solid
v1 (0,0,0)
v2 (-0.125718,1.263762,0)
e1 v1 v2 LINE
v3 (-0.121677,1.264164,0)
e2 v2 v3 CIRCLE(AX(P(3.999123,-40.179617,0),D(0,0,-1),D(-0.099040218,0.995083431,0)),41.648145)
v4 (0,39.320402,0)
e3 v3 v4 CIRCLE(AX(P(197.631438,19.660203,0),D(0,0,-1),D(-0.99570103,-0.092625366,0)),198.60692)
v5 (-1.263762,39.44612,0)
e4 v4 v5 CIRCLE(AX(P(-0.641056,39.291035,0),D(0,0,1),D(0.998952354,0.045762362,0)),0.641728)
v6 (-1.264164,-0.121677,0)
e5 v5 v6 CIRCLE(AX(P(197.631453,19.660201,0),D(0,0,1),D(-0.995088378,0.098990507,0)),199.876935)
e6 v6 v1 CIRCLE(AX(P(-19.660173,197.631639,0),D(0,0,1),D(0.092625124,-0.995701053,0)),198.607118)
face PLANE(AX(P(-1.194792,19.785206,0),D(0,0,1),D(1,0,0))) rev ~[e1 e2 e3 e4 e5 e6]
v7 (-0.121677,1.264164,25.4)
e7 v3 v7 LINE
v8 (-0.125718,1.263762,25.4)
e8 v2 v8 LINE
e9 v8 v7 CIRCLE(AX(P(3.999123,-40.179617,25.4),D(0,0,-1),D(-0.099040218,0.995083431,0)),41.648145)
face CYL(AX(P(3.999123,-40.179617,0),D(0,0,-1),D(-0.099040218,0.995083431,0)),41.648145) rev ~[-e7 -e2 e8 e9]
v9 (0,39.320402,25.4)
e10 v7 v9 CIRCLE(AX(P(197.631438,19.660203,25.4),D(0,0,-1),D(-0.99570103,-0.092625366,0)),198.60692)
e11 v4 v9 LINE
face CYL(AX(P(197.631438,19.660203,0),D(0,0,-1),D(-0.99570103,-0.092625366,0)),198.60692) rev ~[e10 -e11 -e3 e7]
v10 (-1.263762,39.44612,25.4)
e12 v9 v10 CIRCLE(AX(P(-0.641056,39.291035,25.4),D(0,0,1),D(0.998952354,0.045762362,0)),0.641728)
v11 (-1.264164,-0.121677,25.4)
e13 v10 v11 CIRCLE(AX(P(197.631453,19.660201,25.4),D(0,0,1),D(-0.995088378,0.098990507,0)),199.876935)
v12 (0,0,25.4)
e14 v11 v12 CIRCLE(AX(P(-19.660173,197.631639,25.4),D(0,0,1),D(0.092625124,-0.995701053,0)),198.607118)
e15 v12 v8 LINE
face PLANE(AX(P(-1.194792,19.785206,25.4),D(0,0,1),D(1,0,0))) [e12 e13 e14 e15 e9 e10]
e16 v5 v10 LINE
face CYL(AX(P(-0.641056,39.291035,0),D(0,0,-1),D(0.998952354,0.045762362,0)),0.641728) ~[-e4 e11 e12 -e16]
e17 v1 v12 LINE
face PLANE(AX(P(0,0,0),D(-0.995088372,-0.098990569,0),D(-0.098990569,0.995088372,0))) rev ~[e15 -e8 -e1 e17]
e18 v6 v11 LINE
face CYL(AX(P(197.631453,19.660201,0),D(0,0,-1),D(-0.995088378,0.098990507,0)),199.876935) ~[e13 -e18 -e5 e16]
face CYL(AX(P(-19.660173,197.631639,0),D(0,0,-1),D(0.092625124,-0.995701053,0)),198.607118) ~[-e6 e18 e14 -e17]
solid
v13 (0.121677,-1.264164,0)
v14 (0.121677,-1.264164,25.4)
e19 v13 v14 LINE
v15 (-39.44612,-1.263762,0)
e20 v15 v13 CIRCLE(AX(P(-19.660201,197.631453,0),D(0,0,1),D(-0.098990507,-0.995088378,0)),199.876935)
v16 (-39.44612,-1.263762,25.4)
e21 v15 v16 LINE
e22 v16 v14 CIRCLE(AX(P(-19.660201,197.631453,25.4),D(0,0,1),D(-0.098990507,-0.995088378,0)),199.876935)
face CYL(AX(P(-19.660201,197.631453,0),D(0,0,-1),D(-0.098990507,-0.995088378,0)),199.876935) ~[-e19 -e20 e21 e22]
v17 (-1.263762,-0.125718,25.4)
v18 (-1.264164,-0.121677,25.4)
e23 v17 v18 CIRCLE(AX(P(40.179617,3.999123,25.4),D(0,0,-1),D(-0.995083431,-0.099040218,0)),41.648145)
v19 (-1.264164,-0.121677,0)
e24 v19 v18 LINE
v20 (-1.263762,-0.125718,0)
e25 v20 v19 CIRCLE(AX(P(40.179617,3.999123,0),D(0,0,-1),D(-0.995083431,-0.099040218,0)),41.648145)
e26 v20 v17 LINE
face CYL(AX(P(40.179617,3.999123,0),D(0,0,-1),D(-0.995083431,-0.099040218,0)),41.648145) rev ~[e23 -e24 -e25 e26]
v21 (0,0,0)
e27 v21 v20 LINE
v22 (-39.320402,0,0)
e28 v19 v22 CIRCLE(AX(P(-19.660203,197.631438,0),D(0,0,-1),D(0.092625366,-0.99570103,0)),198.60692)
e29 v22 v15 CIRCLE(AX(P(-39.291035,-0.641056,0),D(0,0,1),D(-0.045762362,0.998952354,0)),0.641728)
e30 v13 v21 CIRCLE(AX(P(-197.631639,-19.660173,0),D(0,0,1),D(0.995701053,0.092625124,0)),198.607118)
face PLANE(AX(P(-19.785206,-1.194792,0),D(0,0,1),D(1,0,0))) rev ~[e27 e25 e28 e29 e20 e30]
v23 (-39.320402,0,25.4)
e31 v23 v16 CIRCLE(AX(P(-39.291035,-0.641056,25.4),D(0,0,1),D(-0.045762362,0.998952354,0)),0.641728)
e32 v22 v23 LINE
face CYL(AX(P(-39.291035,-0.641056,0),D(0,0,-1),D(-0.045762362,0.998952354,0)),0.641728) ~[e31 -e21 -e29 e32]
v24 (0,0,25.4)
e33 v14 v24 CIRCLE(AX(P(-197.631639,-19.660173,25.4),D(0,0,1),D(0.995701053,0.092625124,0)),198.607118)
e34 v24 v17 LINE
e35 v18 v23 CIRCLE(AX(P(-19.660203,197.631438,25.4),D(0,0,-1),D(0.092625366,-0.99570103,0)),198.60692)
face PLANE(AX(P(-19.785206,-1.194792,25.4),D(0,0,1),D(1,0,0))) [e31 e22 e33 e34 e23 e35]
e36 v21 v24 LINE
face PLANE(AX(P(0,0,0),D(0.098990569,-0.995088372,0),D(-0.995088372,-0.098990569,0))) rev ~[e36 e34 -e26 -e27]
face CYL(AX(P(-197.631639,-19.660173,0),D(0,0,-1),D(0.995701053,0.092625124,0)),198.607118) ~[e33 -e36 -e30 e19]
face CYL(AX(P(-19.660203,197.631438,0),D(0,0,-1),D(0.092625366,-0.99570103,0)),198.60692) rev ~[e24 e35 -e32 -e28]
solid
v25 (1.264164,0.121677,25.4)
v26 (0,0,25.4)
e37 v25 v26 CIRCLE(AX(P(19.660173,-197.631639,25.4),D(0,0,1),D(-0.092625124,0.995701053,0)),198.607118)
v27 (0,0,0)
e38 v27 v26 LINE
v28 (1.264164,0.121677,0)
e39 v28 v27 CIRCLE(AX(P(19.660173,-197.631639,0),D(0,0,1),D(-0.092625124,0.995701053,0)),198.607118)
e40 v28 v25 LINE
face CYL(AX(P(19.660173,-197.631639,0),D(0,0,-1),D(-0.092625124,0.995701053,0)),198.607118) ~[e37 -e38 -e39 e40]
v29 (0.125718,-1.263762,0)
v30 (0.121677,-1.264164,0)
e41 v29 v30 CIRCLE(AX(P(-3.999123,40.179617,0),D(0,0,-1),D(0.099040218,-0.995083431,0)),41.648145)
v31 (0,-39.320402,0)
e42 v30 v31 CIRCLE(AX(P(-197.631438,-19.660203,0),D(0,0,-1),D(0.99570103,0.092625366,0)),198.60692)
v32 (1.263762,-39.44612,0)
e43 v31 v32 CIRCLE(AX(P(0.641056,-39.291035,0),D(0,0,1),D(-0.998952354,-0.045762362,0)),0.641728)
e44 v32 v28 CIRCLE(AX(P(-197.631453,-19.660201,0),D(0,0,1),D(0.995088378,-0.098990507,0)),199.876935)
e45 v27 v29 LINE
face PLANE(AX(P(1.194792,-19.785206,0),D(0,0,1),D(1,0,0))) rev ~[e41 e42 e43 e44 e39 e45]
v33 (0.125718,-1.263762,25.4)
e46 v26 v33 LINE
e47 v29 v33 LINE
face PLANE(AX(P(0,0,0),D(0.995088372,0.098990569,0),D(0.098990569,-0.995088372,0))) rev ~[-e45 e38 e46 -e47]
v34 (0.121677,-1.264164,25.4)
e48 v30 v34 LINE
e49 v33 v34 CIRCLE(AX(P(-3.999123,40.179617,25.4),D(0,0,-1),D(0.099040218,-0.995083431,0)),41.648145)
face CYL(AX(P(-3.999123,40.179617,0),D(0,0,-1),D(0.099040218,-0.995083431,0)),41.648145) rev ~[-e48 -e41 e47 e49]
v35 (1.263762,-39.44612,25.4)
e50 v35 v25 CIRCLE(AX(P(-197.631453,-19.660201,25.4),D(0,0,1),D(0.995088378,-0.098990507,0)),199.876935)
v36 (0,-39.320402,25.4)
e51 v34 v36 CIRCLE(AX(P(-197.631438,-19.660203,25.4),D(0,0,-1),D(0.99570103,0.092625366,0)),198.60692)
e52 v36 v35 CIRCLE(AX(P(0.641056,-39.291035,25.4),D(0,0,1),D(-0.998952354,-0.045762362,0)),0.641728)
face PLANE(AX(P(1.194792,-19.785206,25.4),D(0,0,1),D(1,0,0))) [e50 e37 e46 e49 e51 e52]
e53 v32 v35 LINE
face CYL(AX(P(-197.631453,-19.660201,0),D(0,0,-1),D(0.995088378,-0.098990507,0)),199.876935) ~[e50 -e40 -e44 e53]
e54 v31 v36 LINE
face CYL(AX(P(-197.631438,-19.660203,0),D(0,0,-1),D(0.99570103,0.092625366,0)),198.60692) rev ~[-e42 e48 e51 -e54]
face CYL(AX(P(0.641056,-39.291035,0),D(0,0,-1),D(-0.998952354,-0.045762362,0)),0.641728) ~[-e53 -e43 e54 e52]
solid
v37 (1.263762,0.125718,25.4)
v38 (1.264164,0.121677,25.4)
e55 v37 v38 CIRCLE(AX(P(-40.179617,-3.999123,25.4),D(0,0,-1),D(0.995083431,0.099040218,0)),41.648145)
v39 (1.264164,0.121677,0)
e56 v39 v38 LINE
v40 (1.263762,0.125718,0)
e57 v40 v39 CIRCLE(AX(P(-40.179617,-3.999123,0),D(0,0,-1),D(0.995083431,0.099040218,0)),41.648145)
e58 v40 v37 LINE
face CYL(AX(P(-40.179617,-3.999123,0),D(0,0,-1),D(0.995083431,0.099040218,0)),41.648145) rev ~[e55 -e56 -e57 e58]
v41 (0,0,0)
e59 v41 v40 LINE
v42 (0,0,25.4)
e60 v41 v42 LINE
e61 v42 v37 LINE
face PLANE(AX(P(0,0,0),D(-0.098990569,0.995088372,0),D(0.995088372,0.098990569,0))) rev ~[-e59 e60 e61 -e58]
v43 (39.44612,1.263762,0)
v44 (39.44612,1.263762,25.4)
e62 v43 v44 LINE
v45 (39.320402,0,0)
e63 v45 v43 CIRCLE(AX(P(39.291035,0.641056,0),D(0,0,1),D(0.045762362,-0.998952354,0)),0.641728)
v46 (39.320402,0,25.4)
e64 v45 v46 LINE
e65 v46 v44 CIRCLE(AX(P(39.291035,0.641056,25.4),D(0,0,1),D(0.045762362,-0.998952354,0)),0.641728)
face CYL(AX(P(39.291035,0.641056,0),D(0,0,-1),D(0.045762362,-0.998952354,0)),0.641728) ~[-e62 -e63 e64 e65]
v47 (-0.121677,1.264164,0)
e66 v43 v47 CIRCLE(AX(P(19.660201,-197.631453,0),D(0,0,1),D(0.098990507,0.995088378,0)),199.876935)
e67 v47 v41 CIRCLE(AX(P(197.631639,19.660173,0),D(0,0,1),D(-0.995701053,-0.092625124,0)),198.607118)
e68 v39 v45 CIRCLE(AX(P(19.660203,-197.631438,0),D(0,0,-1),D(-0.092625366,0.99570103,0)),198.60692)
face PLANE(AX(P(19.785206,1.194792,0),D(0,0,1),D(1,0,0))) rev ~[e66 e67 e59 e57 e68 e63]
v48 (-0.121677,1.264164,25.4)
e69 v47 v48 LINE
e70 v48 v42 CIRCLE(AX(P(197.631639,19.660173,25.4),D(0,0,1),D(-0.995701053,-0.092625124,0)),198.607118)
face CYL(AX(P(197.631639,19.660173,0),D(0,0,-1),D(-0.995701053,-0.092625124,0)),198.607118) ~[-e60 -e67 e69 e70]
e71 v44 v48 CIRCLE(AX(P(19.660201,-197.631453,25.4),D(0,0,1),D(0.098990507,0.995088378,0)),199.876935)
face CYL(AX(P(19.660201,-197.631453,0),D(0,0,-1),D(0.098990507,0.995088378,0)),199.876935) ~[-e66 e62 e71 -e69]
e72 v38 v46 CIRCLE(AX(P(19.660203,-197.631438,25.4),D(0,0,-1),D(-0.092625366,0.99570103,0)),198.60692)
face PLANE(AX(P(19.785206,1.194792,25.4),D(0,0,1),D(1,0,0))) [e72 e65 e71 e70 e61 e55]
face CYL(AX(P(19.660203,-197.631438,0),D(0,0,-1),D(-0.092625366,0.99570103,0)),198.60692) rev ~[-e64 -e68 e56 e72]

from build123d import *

# Parameters (mm, degrees)
F1_DEPTH = 25.4


with BuildPart() as f1:
    # F0 (on Top) → F1 (new body)
    with BuildSketch(Plane.XY):
        with BuildLine():
            ThreePointArc((-1.264164, -0.121677), (-0.631985, -0.061849), (0, 0))
            Line((0, 0), (-0.125718, 1.263762))
            ThreePointArc((-0.125718, 1.263762), (-0.123698, 1.263963), (-0.121677, 1.264164))
            ThreePointArc((-0.121677, 1.264164), (-0.974467, 20.295204), (0, 39.320402))
            ThreePointArc((0, 39.320402), (-0.577531, 39.929611), (-1.263762, 39.44612))
            ThreePointArc((-1.263762, 39.44612), (-2.245482, 19.662231), (-1.264164, -0.121677))
        make_face()
        with BuildLine():
            ThreePointArc((1.264164, 0.121677), (20.295204, 0.974467), (39.320402, 0))
            ThreePointArc((39.320402, 0), (39.929611, 0.577531), (39.44612, 1.263762))
            ThreePointArc((39.44612, 1.263762), (19.662231, 2.245482), (-0.121677, 1.264164))
            ThreePointArc((-0.121677, 1.264164), (-0.061849, 0.631985), (0, 0))
            Line((0, 0), (1.263762, 0.125718))
            ThreePointArc((1.263762, 0.125718), (1.263963, 0.123698), (1.264164, 0.121677))
        make_face()
        with BuildLine():
            ThreePointArc((1.263762, -39.44612), (2.245482, -19.662231), (1.264164, 0.121677))
            ThreePointArc((1.264164, 0.121677), (0.631985, 0.061849), (0, 0))
            Line((0, 0), (0.125718, -1.263762))
            ThreePointArc((0.125718, -1.263762), (0.123698, -1.263963), (0.121677, -1.264164))
            ThreePointArc((0.121677, -1.264164), (0.974467, -20.295204), (0, -39.320402))
            ThreePointArc((0, -39.320402), (0.577531, -39.929611), (1.263762, -39.44612))
        make_face()
        with BuildLine():
            ThreePointArc((0.121677, -1.264164), (0.061849, -0.631985), (0, 0))
            Line((0, 0), (-1.263762, -0.125718))
            ThreePointArc((-1.263762, -0.125718), (-1.263963, -0.123698), (-1.264164, -0.121677))
            ThreePointArc((-1.264164, -0.121677), (-20.295204, -0.974467), (-39.320402, 0))
            ThreePointArc((-39.320402, 0), (-39.929611, -0.577531), (-39.44612, -1.263762))
            ThreePointArc((-39.44612, -1.263762), (-19.662231, -2.245482), (0.121677, -1.264164))
        make_face()
    extrude(amount=F1_DEPTH)


solid = f1.part
